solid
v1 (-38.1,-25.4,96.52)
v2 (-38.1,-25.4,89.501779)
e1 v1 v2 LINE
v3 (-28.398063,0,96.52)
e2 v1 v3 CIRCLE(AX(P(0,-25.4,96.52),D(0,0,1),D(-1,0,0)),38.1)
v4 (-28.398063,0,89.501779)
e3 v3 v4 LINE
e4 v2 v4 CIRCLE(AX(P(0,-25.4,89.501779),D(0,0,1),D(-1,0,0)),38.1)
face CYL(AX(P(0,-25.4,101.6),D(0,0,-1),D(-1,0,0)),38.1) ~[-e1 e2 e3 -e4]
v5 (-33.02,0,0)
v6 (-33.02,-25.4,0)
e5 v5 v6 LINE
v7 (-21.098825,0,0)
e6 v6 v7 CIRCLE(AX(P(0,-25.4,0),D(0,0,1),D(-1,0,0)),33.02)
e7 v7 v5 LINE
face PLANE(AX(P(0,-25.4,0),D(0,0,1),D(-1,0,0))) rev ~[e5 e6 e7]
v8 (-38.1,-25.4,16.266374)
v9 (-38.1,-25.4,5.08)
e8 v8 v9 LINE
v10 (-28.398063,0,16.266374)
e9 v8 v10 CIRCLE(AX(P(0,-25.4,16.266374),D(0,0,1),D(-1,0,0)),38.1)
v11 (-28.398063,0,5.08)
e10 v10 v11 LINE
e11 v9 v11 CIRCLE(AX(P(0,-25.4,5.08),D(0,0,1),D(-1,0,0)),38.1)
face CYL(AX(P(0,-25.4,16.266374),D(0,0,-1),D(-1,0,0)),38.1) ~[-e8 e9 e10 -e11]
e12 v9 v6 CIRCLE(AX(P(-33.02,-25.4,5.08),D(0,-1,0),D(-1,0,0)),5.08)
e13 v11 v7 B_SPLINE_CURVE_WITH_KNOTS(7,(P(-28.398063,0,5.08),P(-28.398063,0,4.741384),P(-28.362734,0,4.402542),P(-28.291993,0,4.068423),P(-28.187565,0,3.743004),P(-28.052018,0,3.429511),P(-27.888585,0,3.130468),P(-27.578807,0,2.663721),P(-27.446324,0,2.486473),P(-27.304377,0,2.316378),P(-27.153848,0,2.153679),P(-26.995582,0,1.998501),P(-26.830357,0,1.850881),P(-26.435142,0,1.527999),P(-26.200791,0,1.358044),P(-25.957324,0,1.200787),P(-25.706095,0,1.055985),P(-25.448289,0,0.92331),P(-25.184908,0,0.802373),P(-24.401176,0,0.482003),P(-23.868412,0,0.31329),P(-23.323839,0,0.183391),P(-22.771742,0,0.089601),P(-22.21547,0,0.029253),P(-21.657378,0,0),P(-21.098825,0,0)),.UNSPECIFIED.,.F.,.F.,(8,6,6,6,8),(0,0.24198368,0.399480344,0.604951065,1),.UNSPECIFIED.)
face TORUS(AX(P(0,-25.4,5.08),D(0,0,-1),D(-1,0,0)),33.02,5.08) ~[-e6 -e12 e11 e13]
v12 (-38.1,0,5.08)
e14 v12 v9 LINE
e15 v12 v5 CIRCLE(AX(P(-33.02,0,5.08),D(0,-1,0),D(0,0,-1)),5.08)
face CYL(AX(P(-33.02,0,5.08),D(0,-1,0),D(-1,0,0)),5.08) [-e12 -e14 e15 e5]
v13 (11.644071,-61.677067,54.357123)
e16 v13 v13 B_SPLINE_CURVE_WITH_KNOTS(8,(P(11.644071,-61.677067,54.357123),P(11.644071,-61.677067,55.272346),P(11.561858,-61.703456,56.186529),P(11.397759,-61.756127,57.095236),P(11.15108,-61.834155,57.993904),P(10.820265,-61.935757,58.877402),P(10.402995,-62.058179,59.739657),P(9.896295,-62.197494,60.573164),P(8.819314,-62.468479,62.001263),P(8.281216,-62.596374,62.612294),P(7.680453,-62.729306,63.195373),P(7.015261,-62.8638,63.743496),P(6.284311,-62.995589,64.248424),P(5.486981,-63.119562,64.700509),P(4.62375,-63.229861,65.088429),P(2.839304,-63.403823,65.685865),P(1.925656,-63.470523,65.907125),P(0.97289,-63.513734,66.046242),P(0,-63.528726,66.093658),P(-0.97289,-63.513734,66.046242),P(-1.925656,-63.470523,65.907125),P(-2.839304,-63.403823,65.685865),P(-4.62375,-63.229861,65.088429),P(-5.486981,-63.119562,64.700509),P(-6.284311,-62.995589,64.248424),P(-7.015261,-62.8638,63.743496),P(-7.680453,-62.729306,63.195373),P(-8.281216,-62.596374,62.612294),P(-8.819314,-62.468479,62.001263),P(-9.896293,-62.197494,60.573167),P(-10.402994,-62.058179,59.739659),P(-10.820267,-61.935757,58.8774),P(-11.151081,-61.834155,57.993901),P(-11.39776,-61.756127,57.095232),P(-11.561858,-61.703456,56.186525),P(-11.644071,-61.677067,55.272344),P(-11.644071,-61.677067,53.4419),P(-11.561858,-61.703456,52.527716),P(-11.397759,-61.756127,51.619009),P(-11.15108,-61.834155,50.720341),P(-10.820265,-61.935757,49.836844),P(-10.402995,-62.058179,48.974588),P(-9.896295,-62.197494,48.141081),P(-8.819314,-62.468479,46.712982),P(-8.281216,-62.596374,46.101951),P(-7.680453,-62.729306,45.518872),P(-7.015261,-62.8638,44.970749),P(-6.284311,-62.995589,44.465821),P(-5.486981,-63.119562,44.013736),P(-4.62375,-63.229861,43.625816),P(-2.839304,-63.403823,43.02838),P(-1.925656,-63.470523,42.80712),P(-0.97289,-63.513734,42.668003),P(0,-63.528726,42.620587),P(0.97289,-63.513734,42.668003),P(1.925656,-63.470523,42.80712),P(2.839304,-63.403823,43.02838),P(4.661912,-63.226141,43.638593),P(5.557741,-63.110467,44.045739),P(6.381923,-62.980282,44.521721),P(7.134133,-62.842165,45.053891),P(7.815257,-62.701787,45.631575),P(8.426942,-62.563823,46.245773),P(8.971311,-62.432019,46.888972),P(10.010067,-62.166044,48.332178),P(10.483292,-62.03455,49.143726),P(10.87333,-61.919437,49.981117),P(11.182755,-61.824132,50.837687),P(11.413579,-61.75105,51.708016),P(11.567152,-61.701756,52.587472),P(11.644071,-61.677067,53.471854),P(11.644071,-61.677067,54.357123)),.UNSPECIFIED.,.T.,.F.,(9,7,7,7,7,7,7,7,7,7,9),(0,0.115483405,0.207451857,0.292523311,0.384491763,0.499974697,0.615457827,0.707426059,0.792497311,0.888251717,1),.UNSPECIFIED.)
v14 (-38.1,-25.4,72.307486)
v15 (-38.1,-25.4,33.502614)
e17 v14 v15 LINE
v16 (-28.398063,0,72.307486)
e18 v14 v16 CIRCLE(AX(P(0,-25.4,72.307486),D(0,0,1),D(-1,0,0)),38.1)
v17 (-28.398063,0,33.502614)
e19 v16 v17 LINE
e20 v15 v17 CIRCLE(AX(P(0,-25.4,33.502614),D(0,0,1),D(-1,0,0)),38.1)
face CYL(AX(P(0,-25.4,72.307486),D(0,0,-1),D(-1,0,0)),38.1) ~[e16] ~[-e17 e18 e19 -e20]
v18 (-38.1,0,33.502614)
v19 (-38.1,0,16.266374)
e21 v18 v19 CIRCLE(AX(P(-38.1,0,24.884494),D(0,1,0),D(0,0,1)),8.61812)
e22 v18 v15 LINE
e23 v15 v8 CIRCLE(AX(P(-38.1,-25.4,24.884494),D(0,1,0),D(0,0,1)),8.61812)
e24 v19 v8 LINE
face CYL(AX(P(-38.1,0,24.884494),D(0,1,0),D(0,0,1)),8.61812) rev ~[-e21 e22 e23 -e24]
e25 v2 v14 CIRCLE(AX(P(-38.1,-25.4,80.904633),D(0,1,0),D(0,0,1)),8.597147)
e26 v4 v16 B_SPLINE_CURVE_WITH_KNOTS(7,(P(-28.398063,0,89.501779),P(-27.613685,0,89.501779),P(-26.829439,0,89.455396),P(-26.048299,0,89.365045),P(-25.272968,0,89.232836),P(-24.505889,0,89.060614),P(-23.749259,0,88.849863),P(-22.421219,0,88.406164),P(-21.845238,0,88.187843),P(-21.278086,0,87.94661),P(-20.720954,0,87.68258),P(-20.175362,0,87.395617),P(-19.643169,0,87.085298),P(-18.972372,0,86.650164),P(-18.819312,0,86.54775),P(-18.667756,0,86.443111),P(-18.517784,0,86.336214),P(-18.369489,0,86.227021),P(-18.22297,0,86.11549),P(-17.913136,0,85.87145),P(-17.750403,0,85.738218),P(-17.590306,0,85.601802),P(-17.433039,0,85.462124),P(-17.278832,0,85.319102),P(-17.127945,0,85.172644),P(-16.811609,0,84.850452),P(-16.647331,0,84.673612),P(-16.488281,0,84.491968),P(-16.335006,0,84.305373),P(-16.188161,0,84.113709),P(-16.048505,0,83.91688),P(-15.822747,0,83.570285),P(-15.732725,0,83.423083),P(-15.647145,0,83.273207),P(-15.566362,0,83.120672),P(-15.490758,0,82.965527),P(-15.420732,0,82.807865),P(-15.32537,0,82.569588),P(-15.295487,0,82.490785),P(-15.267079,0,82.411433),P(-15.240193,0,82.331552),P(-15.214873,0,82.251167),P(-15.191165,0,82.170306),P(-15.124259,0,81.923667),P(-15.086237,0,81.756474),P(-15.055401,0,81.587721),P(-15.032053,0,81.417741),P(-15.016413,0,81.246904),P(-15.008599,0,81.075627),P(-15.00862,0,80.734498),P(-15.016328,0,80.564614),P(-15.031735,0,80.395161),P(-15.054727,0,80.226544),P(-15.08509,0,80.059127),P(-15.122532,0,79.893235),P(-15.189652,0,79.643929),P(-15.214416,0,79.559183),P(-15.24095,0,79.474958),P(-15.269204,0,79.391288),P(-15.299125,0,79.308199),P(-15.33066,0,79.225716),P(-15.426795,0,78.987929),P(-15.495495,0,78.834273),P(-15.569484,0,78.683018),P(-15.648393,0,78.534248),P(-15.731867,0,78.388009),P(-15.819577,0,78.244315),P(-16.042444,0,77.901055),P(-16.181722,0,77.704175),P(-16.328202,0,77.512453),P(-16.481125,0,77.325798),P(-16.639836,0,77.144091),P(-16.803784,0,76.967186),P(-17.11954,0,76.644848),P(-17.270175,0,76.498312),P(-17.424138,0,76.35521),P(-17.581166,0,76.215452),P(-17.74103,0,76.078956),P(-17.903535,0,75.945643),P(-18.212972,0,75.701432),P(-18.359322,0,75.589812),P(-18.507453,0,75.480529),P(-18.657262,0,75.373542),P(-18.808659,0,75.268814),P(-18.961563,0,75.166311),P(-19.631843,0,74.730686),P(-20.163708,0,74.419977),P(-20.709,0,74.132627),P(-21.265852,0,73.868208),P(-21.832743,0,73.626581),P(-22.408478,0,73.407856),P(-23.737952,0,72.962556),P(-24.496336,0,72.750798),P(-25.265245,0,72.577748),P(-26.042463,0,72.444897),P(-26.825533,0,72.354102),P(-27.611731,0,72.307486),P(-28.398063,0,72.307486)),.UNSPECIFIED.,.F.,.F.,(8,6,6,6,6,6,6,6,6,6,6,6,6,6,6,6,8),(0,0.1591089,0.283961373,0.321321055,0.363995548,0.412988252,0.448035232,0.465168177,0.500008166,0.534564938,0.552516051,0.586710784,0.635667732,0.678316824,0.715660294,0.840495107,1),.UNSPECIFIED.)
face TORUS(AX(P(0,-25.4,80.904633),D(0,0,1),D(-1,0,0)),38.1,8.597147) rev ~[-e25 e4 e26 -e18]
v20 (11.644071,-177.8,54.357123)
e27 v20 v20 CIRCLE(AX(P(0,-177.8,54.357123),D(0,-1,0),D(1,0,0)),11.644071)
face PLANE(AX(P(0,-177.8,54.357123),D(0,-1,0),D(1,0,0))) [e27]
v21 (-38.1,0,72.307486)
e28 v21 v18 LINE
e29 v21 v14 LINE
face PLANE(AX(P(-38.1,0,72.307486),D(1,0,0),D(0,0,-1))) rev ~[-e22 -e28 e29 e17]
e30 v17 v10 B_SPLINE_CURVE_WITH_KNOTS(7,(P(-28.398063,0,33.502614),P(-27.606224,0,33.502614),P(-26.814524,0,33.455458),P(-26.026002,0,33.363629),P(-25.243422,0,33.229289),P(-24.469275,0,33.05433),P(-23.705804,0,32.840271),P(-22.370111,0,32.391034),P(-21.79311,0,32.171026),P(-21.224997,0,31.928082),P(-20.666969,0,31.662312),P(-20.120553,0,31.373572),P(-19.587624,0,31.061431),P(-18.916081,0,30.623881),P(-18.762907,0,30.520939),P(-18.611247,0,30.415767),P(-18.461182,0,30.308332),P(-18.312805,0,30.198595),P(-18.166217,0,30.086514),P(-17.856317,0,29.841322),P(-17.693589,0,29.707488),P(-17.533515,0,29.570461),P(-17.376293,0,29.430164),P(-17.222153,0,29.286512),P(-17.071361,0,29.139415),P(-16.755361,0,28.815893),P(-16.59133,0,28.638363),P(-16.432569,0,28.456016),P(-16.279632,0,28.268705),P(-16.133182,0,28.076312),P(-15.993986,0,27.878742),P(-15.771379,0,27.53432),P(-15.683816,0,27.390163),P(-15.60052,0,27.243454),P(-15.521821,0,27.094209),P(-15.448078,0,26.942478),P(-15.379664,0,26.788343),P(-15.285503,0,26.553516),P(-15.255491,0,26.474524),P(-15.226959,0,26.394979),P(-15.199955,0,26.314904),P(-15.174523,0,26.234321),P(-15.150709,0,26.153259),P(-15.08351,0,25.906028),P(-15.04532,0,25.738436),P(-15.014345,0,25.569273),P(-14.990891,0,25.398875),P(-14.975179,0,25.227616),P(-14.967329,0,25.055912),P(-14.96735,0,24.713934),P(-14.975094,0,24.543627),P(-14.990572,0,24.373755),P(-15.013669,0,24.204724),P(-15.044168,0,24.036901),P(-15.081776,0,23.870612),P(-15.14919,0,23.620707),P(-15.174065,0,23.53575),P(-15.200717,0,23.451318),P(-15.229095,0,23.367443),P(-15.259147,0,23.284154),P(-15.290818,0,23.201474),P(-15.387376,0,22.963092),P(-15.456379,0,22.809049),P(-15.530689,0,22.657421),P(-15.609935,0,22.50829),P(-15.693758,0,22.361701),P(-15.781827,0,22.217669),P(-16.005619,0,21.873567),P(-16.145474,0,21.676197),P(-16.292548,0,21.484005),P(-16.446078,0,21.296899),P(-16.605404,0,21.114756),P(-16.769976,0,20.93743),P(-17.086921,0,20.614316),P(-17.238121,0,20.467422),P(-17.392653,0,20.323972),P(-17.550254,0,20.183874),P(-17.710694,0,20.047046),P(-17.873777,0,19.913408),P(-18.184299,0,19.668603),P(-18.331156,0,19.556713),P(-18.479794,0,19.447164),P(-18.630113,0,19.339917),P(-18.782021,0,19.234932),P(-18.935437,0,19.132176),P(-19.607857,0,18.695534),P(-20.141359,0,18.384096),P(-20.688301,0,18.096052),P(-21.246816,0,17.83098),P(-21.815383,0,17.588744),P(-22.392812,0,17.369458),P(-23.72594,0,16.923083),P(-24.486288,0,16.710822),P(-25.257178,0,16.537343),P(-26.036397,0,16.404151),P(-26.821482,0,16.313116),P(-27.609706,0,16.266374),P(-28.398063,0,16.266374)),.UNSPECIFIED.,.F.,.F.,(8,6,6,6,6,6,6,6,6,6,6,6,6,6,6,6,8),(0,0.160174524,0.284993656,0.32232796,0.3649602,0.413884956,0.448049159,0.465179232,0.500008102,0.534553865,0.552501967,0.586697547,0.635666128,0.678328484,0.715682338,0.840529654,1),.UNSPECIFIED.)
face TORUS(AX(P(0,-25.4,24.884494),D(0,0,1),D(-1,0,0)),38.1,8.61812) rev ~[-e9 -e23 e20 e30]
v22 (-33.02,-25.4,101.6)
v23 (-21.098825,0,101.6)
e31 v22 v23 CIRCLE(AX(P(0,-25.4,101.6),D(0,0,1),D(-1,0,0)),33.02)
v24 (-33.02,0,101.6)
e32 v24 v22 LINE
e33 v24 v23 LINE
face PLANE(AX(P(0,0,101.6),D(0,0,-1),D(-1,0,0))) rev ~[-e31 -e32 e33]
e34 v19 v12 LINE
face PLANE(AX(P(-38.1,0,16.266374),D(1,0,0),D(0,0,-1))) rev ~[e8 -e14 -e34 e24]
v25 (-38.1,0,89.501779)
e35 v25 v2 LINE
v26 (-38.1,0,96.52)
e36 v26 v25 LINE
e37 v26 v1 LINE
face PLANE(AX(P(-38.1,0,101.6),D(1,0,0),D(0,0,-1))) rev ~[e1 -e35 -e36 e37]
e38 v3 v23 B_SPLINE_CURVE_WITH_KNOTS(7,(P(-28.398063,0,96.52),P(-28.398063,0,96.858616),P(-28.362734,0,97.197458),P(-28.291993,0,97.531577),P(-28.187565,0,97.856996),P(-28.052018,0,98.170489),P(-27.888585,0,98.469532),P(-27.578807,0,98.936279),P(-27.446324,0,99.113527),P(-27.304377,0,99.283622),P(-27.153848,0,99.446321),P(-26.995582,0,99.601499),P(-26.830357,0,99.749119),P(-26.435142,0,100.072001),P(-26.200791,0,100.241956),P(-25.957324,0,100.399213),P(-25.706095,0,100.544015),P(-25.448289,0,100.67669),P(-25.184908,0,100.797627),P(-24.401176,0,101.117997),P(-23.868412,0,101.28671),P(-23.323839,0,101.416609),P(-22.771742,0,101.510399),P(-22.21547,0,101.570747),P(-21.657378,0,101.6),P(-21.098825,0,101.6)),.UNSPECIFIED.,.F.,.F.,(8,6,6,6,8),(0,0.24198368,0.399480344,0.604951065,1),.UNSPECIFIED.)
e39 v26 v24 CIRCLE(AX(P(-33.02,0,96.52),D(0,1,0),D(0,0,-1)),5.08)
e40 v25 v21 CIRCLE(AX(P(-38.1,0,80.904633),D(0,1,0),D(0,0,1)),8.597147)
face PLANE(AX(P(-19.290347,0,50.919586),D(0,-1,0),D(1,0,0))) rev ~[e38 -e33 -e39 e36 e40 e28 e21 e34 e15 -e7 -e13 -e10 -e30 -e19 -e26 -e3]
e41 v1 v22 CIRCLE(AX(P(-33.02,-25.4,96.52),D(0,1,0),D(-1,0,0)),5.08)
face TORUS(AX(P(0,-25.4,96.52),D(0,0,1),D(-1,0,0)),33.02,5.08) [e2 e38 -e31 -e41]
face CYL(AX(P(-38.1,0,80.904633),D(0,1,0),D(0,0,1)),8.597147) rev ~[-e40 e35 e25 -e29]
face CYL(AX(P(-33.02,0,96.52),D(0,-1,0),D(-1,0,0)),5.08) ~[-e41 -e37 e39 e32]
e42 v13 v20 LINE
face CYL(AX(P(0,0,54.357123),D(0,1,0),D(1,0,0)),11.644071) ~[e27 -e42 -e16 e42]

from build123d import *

# Parameters (mm, degrees)
F1_DEPTH = 25.4
F3_R     = 11.6440709306
F4_DEPTH = 177.8
F5_R     = 5.08


with BuildPart() as f1:
    # F0 (on Front) → F1 (new body)
    with BuildSketch(Plane.XZ):
        with BuildLine():
            Line((-38.1, 0), (0, 0))
            Line((0, 0), (0, 101.6))
            Line((0, 101.6), (-38.1, 101.6))
            Line((-38.1, 101.6), (-38.1, 89.5017794386))
            ThreePointArc((-38.1, 89.5017794386), (-29.5028533681, 80.9046328068), (-38.1, 72.3074861749))
            Line((-38.1, 72.3074861749), (-38.1, 33.5026137211))
            ThreePointArc((-38.1, 33.5026137211), (-29.4818803005, 24.8844940215), (-38.1, 16.266374322))
            Line((-38.1, 16.266374322), (-38.1, 0))
        make_face()
    extrude(amount=F1_DEPTH)

    # F1_face (on face) → F2 (revolve)
    with BuildSketch(Plane(origin=(-18.0649405822, -25.4, 50.6703599906), x_dir=(1, 0, 0), z_dir=(0, -1, 0))):
        with BuildLine():
            Line((-20.0350594178, -34.4039856686), (-20.0350594178, -50.6703599906))
            Line((-20.0350594178, -50.6703599906), (18.0649405822, -50.6703599906))
            Line((18.0649405822, -50.6703599906), (18.0649405822, 50.9296400094))
            Line((18.0649405822, 50.9296400094), (-20.0350594178, 50.9296400094))
            Line((-20.0350594178, 50.9296400094), (-20.0350594178, 38.831419448))
            ThreePointArc((-20.0350594178, 38.831419448), (-11.437912786, 30.2342728161), (-20.0350594178, 21.6371261843))
            Line((-20.0350594178, 21.6371261843), (-20.0350594178, -17.1677462696))
            ThreePointArc((-20.0350594178, -17.1677462696), (-11.4169397183, -25.7858659691), (-20.0350594178, -34.4039856686))
        make_face()
    revolve(axis=Axis((0, -25.4, 50.8), (0, 0, 1)))

    # F3 (on Front) → F4 (join)
    with BuildSketch(Plane.XZ):
        with Locations((0, 54.3571226299)):
            Circle(F3_R)
    extrude(amount=F4_DEPTH)

    # F5
    f5_edges = [f1.edges().sort_by_distance(p)[0] for p in [
        (35.591967, -38.994922, 101.6),
        (35.591967, -38.994922, 0),
    ]]
    fillet(f5_edges, radius=F5_R)


solid = f1.part
